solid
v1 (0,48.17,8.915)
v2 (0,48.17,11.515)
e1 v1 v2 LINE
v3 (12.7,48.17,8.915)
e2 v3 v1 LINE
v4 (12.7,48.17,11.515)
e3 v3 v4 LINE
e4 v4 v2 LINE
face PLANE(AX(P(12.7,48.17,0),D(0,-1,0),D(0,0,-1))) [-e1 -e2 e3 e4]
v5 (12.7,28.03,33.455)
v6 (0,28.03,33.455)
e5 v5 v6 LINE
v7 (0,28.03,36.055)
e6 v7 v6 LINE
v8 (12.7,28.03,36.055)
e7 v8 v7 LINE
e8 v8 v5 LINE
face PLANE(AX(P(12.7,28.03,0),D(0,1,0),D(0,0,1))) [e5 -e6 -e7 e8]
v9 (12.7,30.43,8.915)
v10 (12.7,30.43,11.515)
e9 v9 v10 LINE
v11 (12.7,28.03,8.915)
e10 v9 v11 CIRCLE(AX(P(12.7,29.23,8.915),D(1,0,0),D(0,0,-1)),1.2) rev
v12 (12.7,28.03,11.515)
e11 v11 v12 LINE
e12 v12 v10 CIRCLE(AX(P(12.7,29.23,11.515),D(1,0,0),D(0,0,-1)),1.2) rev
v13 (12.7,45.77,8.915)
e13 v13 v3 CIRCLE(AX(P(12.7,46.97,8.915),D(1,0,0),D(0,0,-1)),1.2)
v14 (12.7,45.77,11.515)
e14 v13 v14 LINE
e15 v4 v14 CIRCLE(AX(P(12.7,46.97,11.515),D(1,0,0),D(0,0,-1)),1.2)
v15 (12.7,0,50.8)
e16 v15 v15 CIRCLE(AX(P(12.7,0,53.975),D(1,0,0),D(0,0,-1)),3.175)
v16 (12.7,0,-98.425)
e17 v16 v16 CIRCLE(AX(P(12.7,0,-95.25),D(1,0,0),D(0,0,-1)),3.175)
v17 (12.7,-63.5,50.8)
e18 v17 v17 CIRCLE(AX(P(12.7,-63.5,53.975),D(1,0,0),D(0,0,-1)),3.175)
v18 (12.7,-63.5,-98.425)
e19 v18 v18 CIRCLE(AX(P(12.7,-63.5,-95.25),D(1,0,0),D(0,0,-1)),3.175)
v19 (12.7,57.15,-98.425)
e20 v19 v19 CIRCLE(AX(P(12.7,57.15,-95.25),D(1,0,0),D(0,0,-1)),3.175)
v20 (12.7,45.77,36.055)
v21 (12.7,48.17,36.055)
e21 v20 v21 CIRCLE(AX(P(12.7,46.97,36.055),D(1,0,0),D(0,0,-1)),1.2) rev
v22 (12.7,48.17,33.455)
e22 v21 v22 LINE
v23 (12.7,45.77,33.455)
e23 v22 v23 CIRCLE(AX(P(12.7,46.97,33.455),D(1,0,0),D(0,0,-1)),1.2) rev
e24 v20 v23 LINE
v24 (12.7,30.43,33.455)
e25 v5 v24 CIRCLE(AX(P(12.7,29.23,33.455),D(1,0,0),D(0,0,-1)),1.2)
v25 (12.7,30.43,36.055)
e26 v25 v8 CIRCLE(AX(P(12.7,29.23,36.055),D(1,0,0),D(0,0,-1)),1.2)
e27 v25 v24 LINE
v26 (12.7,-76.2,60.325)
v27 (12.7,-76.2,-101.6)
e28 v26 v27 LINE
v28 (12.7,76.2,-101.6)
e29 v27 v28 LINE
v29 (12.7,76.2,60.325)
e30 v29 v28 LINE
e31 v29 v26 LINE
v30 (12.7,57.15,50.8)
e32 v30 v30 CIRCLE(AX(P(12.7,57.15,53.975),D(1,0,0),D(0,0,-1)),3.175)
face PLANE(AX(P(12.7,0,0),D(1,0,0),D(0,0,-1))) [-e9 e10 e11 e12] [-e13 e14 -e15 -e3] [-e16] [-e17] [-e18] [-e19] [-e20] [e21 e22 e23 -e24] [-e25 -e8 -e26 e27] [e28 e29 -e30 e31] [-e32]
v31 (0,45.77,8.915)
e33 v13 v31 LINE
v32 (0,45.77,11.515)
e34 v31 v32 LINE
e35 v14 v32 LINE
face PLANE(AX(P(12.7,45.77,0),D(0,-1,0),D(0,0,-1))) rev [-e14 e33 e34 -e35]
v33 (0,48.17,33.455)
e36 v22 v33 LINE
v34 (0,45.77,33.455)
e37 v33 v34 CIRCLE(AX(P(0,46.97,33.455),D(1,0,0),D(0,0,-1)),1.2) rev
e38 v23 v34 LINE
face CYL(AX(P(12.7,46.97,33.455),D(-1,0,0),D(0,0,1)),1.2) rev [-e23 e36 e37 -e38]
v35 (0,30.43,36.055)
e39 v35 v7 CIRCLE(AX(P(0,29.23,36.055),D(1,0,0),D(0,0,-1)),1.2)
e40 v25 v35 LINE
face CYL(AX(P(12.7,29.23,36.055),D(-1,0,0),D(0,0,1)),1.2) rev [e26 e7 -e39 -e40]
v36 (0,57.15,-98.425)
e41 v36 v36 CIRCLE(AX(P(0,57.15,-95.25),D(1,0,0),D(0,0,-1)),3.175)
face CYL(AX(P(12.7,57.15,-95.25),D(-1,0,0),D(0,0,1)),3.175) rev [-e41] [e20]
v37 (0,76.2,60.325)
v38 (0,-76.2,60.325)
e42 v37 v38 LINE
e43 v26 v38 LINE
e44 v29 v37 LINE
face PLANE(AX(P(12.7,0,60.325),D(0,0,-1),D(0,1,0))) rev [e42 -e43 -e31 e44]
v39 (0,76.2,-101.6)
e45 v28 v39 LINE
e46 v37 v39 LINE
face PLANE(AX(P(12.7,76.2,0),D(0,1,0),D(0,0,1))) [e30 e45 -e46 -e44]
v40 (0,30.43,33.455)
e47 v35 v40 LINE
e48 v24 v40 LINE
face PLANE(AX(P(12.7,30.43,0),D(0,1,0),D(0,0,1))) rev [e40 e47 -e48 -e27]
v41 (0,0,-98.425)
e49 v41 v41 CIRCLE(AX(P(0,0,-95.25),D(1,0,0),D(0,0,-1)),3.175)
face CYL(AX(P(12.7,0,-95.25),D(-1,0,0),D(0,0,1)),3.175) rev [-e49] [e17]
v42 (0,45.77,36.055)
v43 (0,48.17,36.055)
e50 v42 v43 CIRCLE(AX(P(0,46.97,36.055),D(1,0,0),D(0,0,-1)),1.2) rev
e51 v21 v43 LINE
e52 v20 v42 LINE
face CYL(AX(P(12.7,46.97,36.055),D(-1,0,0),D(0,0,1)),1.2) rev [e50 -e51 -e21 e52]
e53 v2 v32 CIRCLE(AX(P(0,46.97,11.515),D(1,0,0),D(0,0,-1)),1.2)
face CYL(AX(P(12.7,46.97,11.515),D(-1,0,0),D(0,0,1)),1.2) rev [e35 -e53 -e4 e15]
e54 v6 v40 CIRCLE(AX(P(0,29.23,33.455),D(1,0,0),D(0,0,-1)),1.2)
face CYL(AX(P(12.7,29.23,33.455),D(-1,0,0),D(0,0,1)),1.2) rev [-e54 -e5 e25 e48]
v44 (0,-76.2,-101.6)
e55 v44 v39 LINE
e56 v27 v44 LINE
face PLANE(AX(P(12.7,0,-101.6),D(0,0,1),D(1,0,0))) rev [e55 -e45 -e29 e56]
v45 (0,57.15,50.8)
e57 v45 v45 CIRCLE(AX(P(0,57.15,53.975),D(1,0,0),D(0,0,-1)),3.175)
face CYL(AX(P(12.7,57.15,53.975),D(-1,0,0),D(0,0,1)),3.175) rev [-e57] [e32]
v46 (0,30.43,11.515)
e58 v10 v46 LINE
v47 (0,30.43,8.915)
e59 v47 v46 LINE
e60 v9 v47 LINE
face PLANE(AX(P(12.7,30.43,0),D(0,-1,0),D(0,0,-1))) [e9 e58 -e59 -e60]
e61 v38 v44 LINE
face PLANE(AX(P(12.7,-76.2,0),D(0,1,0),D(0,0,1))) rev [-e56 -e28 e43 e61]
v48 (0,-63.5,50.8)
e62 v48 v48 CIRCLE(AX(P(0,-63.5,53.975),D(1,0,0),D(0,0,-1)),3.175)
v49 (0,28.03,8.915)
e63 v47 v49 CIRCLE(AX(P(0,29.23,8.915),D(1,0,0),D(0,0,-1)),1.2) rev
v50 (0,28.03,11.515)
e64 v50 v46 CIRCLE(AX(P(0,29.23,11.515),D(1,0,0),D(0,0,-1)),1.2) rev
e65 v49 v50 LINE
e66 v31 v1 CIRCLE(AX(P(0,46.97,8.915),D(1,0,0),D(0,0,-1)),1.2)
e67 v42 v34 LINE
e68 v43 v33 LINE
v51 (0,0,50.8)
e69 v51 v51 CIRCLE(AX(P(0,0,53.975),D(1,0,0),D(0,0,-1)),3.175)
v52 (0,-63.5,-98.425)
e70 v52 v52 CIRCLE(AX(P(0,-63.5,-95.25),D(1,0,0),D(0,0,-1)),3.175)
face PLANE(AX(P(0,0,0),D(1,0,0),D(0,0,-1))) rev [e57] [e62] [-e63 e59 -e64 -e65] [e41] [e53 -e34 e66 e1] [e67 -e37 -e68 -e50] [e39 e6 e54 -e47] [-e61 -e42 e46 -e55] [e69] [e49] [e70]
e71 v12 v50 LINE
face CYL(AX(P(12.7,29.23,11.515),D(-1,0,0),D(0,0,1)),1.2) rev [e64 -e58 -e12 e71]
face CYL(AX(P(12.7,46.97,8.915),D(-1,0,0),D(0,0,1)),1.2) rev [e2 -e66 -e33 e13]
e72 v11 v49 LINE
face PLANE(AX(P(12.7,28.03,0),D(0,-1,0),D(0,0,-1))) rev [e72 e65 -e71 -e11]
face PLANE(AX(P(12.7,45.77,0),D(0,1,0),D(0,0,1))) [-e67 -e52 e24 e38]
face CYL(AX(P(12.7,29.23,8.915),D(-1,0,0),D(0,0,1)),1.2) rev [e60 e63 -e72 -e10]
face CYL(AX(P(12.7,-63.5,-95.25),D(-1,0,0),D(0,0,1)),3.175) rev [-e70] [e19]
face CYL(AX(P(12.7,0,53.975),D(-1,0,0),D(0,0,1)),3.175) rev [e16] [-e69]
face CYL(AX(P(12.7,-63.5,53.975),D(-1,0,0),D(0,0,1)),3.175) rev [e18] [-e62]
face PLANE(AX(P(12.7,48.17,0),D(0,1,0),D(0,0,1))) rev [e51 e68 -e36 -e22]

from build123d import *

# Parameters (mm, degrees)
SKETCH1_W           = 161.925
SKETCH1_H           = 152.4
SKETCH1_R           = 3.175
BOSS_EXTRUDE1_DEPTH = 12.7


with BuildPart() as part:
    # Sketch1 → Boss-Extrude1 (new body)
    with BuildSketch(Plane(origin=(0, 0, 0), x_dir=(0, 0, -1), z_dir=(1, 0, 0))):
        with Locations((20.6375, 0)):
            Rectangle(SKETCH1_W, SKETCH1_H)
        with Locations((95.25, -63.5)):
            Circle(SKETCH1_R, mode=Mode.SUBTRACT)
        with Locations((95.25, 0)):
            Circle(SKETCH1_R, mode=Mode.SUBTRACT)
        with Locations((-53.975, -63.5)):
            Circle(SKETCH1_R, mode=Mode.SUBTRACT)
        with Locations((-53.975, 0)):
            Circle(SKETCH1_R, mode=Mode.SUBTRACT)
        with Locations((95.25, 57.15)):
            Circle(SKETCH1_R, mode=Mode.SUBTRACT)
        with Locations((-53.975, 57.15)):
            Circle(SKETCH1_R, mode=Mode.SUBTRACT)
        with BuildLine():
            ThreePointArc((-33.455, 30.43), (-32.255, 29.23), (-33.455, 28.03))
            Line((-33.455, 28.03), (-36.055, 28.03))
            ThreePointArc((-36.055, 28.03), (-37.255, 29.23), (-36.055, 30.43))
            Line((-36.055, 30.43), (-33.455, 30.43))
        make_face(mode=Mode.SUBTRACT)
        with BuildLine():
            Line((-8.915, 28.03), (-11.515, 28.03))
            ThreePointArc((-11.515, 28.03), (-12.715, 29.23), (-11.515, 30.43))
            Line((-11.515, 30.43), (-8.915, 30.43))
            ThreePointArc((-8.915, 30.43), (-7.715, 29.23), (-8.915, 28.03))
        make_face(mode=Mode.SUBTRACT)
        with BuildLine():
            Line((-36.055, 48.17), (-33.455, 48.17))
            ThreePointArc((-33.455, 48.17), (-32.255, 46.97), (-33.455, 45.77))
            Line((-33.455, 45.77), (-36.055, 45.77))
            ThreePointArc((-36.055, 45.77), (-37.255, 46.97), (-36.055, 48.17))
        make_face(mode=Mode.SUBTRACT)
        with BuildLine():
            ThreePointArc((-8.915, 48.17), (-7.715, 46.97), (-8.915, 45.77))
            Line((-8.915, 45.77), (-11.515, 45.77))
            ThreePointArc((-11.515, 45.77), (-12.715, 46.97), (-11.515, 48.17))
            Line((-11.515, 48.17), (-8.915, 48.17))
        make_face(mode=Mode.SUBTRACT)
    extrude(amount=BOSS_EXTRUDE1_DEPTH)


solid = part.part
